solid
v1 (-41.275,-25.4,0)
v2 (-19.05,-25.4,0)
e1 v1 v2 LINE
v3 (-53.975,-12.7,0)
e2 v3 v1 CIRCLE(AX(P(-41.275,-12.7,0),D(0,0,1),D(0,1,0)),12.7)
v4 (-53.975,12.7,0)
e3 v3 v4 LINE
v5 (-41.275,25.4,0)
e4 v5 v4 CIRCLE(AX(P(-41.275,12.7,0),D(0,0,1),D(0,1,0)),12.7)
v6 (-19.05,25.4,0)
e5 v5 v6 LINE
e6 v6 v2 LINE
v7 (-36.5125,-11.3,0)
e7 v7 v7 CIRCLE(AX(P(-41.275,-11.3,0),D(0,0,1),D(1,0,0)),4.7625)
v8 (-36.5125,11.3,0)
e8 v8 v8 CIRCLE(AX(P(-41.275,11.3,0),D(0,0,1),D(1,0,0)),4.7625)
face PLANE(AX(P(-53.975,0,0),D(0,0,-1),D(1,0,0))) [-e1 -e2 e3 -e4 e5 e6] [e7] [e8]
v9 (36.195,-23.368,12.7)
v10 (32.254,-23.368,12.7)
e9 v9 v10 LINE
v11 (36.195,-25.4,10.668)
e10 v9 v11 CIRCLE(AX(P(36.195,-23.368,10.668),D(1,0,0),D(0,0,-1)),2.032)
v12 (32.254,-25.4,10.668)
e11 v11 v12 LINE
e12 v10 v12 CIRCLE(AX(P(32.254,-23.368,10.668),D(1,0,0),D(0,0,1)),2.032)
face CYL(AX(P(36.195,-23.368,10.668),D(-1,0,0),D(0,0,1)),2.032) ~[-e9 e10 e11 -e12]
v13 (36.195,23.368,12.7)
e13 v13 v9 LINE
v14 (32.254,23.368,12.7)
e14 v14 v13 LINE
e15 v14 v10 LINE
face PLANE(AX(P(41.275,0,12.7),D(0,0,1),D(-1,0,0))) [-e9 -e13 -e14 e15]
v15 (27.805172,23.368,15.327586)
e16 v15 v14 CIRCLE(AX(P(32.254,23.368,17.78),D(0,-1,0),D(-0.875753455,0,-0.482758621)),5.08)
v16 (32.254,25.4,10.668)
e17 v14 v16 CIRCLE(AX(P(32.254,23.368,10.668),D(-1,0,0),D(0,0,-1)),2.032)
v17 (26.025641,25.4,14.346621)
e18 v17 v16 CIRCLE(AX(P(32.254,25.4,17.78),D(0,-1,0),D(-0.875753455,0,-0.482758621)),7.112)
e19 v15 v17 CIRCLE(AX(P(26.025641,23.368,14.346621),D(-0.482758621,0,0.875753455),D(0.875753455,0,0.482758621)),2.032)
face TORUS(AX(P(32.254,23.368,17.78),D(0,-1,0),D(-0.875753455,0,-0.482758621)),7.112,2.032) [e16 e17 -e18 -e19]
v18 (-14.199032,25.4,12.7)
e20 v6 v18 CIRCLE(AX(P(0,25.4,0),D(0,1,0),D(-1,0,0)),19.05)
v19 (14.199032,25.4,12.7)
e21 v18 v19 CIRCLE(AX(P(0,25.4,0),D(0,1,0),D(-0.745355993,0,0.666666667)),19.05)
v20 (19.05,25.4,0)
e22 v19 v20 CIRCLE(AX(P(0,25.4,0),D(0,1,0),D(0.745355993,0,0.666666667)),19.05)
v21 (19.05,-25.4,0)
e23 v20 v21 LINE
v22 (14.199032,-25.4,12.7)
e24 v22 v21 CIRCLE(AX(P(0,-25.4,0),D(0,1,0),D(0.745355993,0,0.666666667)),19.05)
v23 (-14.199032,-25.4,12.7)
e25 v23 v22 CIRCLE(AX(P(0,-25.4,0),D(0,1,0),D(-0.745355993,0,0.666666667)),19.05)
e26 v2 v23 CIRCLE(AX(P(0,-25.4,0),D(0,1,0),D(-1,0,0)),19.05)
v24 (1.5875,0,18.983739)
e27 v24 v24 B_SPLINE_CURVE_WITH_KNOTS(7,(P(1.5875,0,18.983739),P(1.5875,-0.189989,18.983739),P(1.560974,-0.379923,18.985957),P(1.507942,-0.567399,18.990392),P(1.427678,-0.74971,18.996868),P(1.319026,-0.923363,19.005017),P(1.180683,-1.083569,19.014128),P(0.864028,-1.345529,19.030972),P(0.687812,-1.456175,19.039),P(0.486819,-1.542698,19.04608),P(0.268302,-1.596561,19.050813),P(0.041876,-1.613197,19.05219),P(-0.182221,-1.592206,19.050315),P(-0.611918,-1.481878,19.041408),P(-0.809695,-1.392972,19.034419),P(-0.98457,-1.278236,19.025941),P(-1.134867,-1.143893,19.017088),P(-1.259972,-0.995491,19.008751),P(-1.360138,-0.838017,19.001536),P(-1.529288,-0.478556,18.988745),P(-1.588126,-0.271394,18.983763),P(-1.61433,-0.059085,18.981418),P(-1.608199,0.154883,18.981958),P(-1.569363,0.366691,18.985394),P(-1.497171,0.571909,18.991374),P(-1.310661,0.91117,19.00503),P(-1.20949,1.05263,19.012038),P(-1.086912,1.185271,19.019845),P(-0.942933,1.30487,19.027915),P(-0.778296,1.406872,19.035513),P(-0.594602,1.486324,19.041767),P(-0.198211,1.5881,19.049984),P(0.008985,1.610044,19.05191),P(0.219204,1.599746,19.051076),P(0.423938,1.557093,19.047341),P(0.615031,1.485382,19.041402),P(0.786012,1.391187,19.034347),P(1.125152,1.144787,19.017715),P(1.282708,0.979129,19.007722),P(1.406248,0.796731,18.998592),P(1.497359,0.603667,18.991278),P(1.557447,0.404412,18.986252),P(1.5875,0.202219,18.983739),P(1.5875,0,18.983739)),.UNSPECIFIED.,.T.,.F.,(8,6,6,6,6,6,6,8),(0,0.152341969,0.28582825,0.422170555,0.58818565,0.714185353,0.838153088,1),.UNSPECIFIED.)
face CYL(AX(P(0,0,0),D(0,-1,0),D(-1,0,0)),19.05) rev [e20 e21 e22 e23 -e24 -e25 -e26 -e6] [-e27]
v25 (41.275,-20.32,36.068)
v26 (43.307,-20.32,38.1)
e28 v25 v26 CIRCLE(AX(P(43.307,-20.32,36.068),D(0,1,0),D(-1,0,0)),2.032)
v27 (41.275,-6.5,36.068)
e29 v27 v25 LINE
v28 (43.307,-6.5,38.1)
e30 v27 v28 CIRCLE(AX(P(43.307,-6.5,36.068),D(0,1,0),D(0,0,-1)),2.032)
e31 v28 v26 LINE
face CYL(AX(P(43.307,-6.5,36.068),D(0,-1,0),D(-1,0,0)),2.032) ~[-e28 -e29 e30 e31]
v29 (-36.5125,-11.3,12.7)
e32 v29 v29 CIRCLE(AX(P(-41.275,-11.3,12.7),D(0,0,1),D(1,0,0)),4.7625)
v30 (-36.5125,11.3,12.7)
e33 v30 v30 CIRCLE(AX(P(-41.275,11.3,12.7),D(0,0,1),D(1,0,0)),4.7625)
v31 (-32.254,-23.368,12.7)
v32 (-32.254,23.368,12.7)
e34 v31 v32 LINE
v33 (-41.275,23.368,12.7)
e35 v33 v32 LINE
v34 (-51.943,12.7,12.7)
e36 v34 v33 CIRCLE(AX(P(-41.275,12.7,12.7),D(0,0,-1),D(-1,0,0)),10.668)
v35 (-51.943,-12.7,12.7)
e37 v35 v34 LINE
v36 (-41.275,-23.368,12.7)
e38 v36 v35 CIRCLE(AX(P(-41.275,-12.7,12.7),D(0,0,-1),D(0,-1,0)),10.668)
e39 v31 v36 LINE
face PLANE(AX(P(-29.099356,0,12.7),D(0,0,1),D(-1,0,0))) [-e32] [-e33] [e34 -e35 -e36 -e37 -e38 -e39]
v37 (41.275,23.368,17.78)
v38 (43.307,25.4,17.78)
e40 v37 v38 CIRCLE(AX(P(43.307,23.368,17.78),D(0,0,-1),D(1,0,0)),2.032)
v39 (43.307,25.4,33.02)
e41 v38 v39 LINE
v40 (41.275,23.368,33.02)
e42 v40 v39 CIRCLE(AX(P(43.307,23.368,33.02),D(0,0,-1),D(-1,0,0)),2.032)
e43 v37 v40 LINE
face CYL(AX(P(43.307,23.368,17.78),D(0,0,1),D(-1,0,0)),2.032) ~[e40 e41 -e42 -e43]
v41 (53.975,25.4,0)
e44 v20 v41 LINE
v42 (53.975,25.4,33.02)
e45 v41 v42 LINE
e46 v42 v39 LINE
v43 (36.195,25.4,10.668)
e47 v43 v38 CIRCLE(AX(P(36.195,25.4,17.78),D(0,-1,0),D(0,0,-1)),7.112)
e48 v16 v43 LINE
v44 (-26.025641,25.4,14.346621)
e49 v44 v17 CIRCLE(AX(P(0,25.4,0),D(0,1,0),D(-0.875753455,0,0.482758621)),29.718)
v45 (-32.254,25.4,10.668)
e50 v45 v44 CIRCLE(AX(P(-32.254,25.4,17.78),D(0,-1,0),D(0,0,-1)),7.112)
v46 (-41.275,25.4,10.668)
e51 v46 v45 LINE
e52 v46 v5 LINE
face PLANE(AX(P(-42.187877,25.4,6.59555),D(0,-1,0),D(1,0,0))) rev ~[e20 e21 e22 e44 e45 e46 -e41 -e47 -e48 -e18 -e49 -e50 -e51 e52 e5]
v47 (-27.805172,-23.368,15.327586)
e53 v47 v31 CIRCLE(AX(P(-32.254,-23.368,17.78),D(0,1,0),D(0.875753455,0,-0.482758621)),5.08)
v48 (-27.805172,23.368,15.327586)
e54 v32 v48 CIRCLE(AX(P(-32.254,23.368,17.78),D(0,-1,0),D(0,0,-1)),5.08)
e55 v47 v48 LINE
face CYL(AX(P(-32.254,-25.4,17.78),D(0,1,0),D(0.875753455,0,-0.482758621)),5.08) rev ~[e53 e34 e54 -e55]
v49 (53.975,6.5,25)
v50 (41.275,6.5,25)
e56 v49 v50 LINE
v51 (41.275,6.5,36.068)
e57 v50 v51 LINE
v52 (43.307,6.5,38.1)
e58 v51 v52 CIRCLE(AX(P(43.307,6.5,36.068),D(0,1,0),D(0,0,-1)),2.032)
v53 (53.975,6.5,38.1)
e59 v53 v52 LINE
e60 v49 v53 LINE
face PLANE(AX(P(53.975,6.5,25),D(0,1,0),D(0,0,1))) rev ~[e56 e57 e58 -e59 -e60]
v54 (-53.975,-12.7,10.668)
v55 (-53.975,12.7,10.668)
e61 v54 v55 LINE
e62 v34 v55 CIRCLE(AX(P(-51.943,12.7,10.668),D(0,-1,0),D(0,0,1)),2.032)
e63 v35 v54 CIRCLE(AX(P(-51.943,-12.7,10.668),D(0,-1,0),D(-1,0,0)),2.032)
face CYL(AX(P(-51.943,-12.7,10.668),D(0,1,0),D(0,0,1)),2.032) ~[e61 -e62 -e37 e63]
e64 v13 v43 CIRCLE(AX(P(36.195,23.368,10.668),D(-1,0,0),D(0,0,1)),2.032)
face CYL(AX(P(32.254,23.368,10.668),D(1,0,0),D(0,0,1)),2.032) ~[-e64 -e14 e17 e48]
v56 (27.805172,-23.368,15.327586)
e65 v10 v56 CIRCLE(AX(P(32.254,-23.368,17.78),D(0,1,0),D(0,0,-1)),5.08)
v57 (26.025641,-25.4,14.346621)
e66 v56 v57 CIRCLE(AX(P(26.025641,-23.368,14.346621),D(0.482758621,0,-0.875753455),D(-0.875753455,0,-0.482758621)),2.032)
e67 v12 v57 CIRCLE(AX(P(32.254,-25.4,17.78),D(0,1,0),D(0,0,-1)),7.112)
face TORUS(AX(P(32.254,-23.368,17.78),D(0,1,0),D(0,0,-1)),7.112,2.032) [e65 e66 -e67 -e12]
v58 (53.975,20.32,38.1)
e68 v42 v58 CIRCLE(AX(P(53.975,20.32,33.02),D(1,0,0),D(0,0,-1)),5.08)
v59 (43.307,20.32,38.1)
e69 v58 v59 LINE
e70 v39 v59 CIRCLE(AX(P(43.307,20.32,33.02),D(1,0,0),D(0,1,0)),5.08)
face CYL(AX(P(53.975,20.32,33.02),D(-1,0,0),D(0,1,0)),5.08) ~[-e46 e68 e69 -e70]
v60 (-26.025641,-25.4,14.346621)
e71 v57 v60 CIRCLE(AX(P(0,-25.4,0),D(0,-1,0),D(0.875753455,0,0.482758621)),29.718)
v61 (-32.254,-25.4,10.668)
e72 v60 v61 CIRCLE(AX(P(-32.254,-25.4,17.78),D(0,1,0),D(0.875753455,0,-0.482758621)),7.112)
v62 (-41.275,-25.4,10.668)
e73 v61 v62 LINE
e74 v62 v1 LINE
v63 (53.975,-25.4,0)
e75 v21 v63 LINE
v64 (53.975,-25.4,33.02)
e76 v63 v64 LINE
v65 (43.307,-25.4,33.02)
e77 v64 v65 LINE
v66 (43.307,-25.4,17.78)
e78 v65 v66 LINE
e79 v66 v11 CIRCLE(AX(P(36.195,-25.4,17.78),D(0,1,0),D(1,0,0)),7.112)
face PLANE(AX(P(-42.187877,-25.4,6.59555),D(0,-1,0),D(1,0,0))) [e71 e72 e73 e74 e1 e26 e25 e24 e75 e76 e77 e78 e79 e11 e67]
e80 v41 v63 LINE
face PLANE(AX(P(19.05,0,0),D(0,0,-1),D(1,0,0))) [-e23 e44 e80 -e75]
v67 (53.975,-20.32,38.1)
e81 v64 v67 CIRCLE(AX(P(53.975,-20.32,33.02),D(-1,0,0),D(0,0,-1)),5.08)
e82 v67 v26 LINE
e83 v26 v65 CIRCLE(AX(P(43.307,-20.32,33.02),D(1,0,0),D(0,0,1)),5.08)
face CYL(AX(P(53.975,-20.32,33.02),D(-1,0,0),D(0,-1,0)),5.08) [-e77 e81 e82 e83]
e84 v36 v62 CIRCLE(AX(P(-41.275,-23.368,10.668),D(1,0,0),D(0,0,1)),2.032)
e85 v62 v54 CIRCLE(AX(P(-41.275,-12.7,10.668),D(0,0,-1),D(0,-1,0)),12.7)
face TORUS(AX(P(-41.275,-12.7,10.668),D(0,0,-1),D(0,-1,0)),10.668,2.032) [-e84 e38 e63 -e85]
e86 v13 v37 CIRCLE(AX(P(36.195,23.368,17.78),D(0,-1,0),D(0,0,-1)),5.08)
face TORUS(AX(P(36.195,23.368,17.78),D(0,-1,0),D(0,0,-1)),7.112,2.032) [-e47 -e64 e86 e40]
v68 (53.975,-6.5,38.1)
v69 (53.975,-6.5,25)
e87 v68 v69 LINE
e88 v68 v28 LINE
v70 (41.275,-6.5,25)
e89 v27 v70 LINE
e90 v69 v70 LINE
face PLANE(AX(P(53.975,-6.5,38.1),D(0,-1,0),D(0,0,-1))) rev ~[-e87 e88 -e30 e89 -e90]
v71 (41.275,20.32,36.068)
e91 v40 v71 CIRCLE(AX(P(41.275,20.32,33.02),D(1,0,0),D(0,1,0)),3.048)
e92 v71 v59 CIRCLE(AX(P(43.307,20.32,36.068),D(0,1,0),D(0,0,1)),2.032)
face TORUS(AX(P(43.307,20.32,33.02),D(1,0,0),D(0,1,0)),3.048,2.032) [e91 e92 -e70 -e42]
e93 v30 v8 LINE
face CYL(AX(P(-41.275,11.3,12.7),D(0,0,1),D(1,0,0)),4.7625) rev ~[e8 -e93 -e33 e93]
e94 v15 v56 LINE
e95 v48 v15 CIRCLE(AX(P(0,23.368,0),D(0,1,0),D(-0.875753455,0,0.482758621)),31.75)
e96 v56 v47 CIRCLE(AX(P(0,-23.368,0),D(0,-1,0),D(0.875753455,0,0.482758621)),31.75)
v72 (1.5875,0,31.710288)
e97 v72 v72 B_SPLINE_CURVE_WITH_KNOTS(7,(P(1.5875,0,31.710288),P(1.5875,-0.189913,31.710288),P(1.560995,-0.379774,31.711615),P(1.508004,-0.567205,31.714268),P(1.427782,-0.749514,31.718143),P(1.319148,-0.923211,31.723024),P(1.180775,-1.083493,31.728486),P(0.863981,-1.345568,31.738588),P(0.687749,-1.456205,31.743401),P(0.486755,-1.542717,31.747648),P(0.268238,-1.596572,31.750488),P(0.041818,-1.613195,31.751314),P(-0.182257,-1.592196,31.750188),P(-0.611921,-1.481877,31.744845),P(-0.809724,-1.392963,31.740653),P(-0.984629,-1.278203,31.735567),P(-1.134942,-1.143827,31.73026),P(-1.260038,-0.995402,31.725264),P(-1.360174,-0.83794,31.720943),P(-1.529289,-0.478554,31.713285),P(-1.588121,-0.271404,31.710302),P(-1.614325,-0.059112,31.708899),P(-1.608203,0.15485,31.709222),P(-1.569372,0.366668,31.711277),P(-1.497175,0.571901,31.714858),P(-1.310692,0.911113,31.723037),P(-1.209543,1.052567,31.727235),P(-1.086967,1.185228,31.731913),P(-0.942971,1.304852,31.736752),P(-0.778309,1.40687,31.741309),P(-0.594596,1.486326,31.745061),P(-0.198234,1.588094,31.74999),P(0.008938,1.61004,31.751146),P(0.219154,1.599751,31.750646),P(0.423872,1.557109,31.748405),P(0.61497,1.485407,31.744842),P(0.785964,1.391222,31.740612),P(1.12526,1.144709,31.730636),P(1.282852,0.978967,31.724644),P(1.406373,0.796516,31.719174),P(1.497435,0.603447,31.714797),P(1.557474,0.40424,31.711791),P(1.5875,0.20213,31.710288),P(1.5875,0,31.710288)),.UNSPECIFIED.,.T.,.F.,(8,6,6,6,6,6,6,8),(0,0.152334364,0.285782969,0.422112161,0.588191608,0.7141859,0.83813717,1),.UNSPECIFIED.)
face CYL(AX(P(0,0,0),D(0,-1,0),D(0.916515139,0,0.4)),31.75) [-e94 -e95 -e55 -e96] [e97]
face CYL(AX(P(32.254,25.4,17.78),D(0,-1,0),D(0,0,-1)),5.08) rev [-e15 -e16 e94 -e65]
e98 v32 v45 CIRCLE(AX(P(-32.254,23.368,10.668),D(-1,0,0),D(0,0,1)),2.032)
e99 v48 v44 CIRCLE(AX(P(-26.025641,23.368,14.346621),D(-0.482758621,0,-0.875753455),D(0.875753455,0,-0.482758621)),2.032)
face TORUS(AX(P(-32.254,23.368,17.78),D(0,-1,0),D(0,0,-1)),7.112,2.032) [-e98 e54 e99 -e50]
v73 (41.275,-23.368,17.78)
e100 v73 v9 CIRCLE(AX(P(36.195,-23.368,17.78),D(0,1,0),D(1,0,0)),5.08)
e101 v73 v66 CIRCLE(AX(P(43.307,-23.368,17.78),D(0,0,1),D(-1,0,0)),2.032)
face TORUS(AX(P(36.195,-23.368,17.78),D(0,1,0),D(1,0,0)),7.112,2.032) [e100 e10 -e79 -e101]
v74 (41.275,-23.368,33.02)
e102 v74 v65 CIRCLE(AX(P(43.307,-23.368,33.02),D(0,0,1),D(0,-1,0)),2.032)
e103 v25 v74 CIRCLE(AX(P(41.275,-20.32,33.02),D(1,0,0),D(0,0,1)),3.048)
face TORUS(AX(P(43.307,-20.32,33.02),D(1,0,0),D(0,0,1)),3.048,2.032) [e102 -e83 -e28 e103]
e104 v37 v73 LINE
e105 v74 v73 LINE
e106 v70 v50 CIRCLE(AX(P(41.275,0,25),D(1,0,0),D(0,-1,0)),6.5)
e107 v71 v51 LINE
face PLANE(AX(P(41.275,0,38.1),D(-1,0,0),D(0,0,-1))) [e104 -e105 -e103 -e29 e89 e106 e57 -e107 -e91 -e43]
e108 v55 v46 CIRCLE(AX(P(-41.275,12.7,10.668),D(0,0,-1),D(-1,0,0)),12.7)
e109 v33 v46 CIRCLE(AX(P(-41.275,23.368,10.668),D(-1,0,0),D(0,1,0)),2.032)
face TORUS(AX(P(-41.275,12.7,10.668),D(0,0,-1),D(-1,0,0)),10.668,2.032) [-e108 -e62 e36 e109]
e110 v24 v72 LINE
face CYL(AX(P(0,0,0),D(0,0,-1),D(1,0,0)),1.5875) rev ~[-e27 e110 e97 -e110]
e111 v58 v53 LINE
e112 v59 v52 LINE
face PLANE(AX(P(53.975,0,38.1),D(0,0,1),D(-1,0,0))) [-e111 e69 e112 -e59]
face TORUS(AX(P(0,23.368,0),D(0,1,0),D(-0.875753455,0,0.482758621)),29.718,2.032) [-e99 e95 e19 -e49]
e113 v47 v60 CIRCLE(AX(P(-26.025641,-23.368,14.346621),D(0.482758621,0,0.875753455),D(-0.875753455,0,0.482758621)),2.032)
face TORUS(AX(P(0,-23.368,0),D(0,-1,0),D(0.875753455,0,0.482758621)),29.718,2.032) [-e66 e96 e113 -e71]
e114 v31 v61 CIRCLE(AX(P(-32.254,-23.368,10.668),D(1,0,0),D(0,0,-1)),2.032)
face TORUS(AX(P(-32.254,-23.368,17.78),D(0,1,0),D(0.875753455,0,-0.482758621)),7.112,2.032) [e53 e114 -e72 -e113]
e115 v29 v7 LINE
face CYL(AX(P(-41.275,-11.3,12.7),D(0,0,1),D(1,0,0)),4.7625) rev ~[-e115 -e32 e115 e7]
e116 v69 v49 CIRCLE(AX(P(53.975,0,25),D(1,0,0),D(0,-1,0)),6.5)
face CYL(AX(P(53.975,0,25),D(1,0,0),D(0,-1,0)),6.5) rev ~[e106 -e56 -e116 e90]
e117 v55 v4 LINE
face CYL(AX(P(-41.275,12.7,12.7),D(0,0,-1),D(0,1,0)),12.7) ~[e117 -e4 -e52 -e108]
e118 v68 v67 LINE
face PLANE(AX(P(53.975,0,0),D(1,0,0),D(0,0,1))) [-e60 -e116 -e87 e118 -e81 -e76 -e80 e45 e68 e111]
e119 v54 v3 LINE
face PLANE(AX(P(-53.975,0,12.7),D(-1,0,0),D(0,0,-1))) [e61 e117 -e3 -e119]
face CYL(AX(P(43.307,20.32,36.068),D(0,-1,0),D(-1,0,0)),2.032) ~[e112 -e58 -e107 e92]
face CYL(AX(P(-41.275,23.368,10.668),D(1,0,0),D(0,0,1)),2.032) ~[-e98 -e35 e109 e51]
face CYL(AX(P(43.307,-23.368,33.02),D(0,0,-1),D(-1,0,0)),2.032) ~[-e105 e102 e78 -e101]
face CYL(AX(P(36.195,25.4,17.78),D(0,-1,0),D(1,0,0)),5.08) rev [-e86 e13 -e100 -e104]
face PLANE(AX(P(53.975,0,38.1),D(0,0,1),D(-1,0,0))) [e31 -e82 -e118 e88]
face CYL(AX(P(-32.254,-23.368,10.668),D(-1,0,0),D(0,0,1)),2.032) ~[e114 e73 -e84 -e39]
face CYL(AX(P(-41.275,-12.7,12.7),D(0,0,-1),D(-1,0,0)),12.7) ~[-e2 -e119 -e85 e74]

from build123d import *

# Parameters (mm, degrees)
F1_DEPTH = 25.4
F2_R     = 4.7625
F3_DEPTH = 12.701
F5_DEPTH = 12.7
F6_R     = 1.5875
F7_DEPTH = 38.101
F8_R     = 5.08
F9_R     = 12.7
F10_R    = 2.032


with BuildPart() as f1:
    # F0 (on Front) → F1 (new body, symmetric)
    with BuildSketch(Plane.XZ):
        with BuildLine():
            Line((-53.975, 0), (-31.75, 0))
            ThreePointArc((-31.75, 0), (-31.0802754355, 6.4868311871), (-29.099355663, 12.7))
            Line((-29.099355663, 12.7), (-53.975, 12.7))
            Line((-53.975, 12.7), (-53.975, 0))
        make_face()
        with BuildLine():
            ThreePointArc((29.099355663, 12.7), (31.0802754355, 6.4868311871), (31.75, 0))
            Line((31.75, 0), (53.975, 0))
            Line((53.975, 0), (53.975, 38.1))
            Line((53.975, 38.1), (41.275, 38.1))
            Line((41.275, 38.1), (41.275, 12.7))
            Line((41.275, 12.7), (29.099355663, 12.7))
        make_face()
        with BuildLine():
            ThreePointArc((-14.1990316571, 12.7), (0, 19.05), (14.1990316571, 12.7))
            Line((14.1990316571, 12.7), (29.099355663, 12.7))
            ThreePointArc((29.099355663, 12.7), (0, 31.75), (-29.099355663, 12.7))
            Line((-29.099355663, 12.7), (-14.1990316571, 12.7))
        make_face()
        with BuildLine():
            ThreePointArc((14.1990316571, 12.7), (17.7959834382, 6.7974608102), (19.05, 0))
            Line((19.05, 0), (31.75, 0))
            ThreePointArc((31.75, 0), (31.0802754355, 6.4868311871), (29.099355663, 12.7))
            Line((29.099355663, 12.7), (14.1990316571, 12.7))
        make_face()
        with BuildLine():
            Line((-31.75, 0), (-19.05, 0))
            ThreePointArc((-19.05, 0), (-17.7959834382, 6.7974608102), (-14.1990316571, 12.7))
            Line((-14.1990316571, 12.7), (-29.099355663, 12.7))
            ThreePointArc((-29.099355663, 12.7), (-31.0802754355, 6.4868311871), (-31.75, 0))
        make_face()
    extrude(amount=F1_DEPTH, both=True)

    # F2 (on face) → F3 (cut, through all)
    with BuildSketch(Plane.XY.offset(12.7)):
        with Locations((-41.275, 11.3)):
            Circle(F2_R)
        with Locations((-41.275, -11.3)):
            Circle(F2_R)
    extrude(amount=-F3_DEPTH, mode=Mode.SUBTRACT)

    # F4 (on face) → F5 (cut, through all)
    with BuildSketch(Plane.YZ.offset(53.975)):
        with BuildLine():
            Line((6.5, 38.1), (-6.5, 38.1))
            Line((-6.5, 38.1), (-6.5, 25))
            ThreePointArc((-6.5, 25), (0, 31.5), (6.5, 25))
            Line((6.5, 25), (6.5, 38.1))
        make_face()
        with BuildLine():
            ThreePointArc((6.5, 25), (0, 31.5), (-6.5, 25))
            Line((-6.5, 25), (6.5, 25))
        make_face()
        with BuildLine():
            Line((6.5, 25), (-6.5, 25))
            ThreePointArc((-6.5, 25), (0, 18.5), (6.5, 25))
        make_face()
    extrude(amount=-F5_DEPTH, mode=Mode.SUBTRACT)

    # F6 (on face) → F7 (cut, through all)
    with BuildSketch(Plane(origin=(0, 0, 0), x_dir=(1, 0, 0), z_dir=(0, 0, -1))):
        Circle(F6_R)
    extrude(amount=-F7_DEPTH, mode=Mode.SUBTRACT)

    # F8
    f8_edges = [f1.edges().sort_by_distance(p)[0] for p in [
        (47.625, -25.4, 38.1),
        (47.625, 25.4, 38.1),
        (29.099356, 0, 12.7),
        (41.275, 0, 12.7),
        (-29.099356, 0, 12.7),
    ]]
    fillet(f8_edges, radius=F8_R)

    # F9
    f9_edges = [f1.edges().sort_by_distance(p)[0] for p in [
        (-53.975, 25.4, 6.35),
        (-53.975, -25.4, 6.35),
    ]]
    fillet(f9_edges, radius=F9_R)

    # F10
    f10_edges = [f1.edges().sort_by_distance(p)[0] for p in [
        (-36.7645, -25.4, 12.7),
    ]]
    fillet(f10_edges, radius=F10_R)


solid = f1.part
